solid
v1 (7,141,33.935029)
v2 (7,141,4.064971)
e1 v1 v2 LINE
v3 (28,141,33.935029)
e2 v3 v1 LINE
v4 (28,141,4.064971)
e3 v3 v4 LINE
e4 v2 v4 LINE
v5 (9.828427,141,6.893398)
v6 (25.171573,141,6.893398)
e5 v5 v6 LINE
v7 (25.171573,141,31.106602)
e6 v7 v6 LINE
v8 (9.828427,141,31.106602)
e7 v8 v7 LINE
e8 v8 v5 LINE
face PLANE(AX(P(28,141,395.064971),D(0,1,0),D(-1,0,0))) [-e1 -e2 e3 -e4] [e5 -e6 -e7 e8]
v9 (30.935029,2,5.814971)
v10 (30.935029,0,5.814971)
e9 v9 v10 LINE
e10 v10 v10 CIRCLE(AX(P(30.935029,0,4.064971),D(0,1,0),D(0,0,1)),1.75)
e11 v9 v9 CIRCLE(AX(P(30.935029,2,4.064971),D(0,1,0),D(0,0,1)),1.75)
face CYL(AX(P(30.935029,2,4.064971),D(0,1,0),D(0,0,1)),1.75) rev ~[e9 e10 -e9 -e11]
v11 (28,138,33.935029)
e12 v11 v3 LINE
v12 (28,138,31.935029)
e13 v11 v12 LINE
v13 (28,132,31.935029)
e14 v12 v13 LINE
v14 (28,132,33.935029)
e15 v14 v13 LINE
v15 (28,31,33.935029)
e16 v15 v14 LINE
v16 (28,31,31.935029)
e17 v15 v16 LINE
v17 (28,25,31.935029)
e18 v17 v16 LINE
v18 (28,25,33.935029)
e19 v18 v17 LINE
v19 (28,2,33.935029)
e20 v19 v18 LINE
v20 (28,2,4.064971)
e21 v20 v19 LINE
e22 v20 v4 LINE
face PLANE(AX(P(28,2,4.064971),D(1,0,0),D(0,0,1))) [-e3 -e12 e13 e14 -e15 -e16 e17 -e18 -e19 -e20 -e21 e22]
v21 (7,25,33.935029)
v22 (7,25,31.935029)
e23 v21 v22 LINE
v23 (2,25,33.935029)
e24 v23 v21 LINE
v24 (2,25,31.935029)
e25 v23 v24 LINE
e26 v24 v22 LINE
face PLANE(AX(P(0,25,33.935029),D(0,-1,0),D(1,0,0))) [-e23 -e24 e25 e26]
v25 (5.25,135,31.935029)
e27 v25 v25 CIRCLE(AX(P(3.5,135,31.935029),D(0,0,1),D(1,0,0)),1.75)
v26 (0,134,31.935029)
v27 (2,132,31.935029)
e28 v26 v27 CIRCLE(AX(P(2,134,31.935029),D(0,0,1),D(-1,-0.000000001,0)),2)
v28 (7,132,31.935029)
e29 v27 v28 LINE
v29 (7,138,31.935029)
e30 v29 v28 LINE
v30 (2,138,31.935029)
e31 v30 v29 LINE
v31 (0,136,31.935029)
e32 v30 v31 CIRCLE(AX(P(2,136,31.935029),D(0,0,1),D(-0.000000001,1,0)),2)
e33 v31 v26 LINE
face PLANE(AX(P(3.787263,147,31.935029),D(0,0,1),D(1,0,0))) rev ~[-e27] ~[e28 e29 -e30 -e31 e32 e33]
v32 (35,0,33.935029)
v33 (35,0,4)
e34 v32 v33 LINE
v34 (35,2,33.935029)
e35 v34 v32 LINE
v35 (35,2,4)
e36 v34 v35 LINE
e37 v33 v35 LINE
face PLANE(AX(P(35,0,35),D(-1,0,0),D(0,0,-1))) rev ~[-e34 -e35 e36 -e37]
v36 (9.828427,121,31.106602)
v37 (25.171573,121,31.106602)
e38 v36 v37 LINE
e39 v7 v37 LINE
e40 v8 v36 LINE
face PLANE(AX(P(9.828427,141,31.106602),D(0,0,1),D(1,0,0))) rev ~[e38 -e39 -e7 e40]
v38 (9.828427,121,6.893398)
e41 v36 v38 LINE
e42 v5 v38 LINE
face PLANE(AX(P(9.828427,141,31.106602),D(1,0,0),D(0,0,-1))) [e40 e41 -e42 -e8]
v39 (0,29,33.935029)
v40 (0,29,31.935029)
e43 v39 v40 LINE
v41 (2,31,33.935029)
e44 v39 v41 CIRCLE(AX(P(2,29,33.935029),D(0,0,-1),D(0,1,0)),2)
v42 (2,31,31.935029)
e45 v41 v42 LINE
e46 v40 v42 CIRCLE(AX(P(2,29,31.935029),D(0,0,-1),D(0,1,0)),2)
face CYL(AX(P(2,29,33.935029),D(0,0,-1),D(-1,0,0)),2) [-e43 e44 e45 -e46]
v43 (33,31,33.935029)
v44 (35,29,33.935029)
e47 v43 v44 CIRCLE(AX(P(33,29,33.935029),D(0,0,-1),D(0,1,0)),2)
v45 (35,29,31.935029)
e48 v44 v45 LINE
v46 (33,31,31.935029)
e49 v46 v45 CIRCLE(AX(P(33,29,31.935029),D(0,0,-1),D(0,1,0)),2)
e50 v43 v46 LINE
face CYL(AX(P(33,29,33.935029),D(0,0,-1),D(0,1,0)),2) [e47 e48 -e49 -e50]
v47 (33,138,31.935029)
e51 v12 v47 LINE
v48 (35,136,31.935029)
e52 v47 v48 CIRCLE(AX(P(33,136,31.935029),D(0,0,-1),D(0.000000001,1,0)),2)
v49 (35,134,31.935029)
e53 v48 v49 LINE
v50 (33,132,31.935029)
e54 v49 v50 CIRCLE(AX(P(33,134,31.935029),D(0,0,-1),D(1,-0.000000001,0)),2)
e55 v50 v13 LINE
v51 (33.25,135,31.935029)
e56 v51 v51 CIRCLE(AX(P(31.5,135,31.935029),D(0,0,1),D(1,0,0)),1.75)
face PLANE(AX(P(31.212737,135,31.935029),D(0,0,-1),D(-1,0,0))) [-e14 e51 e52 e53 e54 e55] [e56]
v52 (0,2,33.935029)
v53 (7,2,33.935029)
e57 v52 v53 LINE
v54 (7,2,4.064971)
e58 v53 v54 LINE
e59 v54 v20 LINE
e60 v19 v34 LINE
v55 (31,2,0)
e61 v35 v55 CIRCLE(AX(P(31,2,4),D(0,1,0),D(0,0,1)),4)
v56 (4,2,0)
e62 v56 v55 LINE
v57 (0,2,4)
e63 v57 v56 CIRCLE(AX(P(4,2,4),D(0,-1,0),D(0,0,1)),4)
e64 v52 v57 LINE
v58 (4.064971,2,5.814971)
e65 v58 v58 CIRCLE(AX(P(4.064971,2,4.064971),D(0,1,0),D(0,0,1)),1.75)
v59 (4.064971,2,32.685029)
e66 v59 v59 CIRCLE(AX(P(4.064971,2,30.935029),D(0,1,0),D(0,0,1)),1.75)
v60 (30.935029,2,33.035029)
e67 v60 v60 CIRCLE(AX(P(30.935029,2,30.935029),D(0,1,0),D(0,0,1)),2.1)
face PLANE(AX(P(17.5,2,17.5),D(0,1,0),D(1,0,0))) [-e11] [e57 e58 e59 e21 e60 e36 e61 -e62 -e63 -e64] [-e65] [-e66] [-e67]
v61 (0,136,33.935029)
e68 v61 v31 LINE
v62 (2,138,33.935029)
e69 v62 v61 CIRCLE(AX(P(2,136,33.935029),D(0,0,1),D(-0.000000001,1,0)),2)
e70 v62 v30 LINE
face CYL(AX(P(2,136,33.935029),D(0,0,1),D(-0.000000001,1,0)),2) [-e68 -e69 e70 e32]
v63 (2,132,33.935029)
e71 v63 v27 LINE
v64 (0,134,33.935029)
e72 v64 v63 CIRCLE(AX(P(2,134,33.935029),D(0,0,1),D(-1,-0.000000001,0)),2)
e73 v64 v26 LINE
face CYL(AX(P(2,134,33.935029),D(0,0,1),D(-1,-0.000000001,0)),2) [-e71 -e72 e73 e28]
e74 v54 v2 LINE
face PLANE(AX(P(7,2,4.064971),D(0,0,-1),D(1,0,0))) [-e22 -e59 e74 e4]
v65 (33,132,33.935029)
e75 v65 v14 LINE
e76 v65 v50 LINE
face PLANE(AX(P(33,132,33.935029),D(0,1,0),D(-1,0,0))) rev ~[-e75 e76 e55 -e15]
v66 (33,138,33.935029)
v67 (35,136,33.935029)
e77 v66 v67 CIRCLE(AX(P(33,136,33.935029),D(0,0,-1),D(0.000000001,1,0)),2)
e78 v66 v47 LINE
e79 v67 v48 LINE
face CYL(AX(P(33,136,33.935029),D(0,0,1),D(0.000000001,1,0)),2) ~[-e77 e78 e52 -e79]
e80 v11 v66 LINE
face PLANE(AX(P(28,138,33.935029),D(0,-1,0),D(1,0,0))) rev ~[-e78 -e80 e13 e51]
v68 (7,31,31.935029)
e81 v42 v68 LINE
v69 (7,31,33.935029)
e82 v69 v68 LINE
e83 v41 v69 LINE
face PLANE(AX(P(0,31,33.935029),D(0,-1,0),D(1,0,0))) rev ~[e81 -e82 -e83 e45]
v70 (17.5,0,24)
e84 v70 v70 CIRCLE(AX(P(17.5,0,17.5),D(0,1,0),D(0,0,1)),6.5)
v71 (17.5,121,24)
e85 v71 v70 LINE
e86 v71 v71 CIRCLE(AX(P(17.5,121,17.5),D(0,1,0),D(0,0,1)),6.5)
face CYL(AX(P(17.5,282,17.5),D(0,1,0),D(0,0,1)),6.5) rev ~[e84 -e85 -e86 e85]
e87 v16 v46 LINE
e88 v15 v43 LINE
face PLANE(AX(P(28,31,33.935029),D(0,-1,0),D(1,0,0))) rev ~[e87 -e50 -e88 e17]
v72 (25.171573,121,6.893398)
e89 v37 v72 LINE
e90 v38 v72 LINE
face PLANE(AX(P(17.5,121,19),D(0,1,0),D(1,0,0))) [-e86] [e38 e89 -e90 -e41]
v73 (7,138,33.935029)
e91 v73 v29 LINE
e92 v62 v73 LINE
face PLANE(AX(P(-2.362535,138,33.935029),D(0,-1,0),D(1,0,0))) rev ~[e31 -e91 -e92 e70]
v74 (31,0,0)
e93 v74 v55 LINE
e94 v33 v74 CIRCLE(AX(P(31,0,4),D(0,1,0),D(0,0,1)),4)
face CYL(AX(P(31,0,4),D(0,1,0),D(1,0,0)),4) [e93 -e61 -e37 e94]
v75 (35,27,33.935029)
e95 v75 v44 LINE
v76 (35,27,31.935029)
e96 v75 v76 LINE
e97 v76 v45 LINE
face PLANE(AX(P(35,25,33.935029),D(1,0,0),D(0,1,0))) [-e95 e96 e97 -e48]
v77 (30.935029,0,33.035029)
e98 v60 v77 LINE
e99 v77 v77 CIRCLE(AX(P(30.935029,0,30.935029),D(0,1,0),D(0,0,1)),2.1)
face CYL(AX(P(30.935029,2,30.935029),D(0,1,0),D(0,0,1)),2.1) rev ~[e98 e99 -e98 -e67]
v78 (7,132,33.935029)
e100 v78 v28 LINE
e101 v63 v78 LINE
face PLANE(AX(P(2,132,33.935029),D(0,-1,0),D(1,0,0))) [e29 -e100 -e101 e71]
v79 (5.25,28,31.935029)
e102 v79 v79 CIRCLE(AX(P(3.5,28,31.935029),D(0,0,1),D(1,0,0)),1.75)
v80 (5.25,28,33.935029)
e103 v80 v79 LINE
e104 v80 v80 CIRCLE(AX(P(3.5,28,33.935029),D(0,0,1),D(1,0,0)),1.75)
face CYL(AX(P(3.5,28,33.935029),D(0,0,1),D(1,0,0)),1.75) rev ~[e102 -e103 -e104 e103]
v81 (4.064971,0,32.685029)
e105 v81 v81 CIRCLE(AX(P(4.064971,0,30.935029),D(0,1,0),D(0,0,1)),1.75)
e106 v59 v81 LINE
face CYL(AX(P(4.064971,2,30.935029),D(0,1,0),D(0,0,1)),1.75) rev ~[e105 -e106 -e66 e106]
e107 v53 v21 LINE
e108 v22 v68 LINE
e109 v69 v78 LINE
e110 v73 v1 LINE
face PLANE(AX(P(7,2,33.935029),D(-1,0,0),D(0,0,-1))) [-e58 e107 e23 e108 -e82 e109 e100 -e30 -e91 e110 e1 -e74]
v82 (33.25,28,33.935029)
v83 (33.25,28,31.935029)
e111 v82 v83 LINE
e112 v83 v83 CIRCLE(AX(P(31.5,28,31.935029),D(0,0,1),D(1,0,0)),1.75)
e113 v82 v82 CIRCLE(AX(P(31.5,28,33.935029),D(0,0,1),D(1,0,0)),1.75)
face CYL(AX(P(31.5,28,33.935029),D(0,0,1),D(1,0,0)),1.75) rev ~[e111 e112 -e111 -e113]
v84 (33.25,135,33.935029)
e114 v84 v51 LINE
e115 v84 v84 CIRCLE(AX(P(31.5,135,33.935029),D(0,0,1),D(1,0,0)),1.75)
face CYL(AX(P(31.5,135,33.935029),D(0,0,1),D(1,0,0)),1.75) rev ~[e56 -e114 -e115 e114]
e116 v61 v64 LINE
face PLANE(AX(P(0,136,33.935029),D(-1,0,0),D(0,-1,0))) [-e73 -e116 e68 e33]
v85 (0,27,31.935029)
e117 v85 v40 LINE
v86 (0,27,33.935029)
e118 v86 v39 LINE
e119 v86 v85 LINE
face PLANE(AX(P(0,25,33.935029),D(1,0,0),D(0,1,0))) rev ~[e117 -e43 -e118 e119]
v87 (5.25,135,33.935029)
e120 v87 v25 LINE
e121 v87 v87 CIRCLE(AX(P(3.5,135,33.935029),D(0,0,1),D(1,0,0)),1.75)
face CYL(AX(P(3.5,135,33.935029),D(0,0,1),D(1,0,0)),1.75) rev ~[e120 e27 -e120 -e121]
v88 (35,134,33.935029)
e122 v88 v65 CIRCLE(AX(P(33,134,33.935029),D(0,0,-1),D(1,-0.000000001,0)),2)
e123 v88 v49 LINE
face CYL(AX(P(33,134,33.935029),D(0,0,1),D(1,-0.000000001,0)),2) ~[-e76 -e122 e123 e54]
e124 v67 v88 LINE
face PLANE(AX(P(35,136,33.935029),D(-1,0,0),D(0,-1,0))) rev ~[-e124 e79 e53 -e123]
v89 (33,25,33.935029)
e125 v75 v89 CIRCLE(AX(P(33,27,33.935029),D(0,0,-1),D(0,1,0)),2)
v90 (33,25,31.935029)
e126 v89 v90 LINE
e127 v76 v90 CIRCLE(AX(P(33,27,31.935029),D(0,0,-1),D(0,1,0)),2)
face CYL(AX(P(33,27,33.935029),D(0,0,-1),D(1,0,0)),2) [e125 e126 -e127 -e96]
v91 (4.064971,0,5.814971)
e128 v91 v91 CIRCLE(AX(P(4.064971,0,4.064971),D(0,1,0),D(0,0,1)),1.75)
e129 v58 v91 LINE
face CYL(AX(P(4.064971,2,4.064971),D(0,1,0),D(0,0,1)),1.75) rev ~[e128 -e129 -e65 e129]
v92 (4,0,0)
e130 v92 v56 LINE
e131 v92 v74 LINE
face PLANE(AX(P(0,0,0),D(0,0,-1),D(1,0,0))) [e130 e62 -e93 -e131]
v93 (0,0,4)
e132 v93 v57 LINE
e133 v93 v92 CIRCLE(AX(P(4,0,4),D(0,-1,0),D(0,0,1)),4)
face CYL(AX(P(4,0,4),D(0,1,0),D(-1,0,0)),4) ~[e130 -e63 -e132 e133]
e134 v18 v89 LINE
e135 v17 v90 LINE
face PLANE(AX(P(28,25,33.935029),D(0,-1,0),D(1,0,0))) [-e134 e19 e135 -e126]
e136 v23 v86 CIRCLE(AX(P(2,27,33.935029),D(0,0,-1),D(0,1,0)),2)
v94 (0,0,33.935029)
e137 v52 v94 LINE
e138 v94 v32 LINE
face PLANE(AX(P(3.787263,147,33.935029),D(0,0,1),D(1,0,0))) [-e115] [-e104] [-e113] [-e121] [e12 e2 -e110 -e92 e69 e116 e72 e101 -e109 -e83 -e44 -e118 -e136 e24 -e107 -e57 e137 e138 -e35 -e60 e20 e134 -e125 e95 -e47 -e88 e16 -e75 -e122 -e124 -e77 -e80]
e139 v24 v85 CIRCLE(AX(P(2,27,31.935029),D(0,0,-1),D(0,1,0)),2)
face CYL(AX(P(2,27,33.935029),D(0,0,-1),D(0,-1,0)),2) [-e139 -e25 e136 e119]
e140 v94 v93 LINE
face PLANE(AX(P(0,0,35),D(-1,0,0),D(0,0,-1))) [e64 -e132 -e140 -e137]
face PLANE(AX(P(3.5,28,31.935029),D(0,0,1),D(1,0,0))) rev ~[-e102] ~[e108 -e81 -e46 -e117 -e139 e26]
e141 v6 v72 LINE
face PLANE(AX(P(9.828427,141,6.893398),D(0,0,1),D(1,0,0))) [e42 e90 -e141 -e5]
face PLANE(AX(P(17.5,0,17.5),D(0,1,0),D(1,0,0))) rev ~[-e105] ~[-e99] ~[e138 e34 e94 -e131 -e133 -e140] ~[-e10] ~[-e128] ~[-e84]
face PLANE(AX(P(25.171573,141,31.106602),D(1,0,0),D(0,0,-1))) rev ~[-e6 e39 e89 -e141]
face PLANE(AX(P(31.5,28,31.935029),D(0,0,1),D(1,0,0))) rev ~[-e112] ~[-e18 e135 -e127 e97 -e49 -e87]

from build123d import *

# Parameters (mm, degrees)
ESQUISSE1_W                  = 35
ESQUISSE1_H                  = 35
BOSS_EXTRU_1_DEPTH           = 2
ESQUISSE2_R                  = 1.75
ESQUISSE2_W                  = 35
ESQUISSE2_H                  = 1.064971157
ENL_V_MAT_EXTRU_1_DEPTH      = 2
BOSS_EXTRU_2_DEPTH           = 280
ESQUISSE5_W                  = 7
ESQUISSE5_H                  = 6
ESQUISSE5_R                  = 1.75
BOSS_EXTRU_3_DEPTH           = 2
ESQUISSE6_R                  = 1.75
BOSS_EXTRU_4_DEPTH           = 2
ESQUISSE10_W                 = 35
ESQUISSE10_H                 = 33.935028843
ESQUISSE10_R                 = 1.75
BOSS_EXTRU_5_DEPTH           = 2
ESQUISSE15_R                 = 6.5
ESQUISSE15_R_2               = 1.75
ENL_V_MAT_EXTRU_2_DEPTH      = 373
CONG_1_R                     = 2
CONG_2_R                     = 4
ESQUISSE17_R                 = 1.75
BOSS_EXTRU_6_DEPTH           = 2
ENL_V_MAT_EXTRU_3_DEPTH      = 2
ENL_V_MAT_EXTRU_4_DEPTH      = 279
ENL_V_MAT_EXTRU_4_DEPTH_BACK = 391
ESQUISSE20_W                 = 15.34314575
ESQUISSE20_H                 = 24.213203648
ENL_V_MAT_EXTRU_5_DEPTH      = 20
ESQUISSE23_R                 = 2.1
ENL_V_MAT_EXTRU_6_DEPTH      = 10


with BuildPart() as part:
    # Esquisse1 → Boss.-Extru.1 (new body)
    with BuildSketch(Plane(origin=(0, 0, 0), x_dir=(1, 0, 0), z_dir=(0, 1, 0))):
        with Locations((17.5, -17.5)):
            Rectangle(ESQUISSE1_W, ESQUISSE1_H)
    extrude(amount=BOSS_EXTRU_1_DEPTH)

    # Esquisse2 → Enlèv. mat.-Extru.1 (cut)
    with BuildSketch(Plane(origin=(0, 2, 0), x_dir=(1, 0, 0), z_dir=(0, 1, 0))):
        with Locations(Location((30.935029054, -4.064971369, 0), (0, 0, 270))):
            Circle(ESQUISSE2_R)
        with Locations(Location((30.935028843, -30.935028843, 0), (0, 0, 270))):
            Circle(ESQUISSE2_R)
        with Locations(Location((4.064971369, -4.064970946, 0), (0, 0, 270))):
            Circle(ESQUISSE2_R)
        with Locations(Location((4.064971157, -30.935028843, 0), (0, 0, 270))):
            Circle(ESQUISSE2_R)
        with Locations((17.5, -34.467514421)):
            Rectangle(ESQUISSE2_W, ESQUISSE2_H)
    extrude(amount=-ENL_V_MAT_EXTRU_1_DEPTH, mode=Mode.SUBTRACT)

    # Esquisse4 → Boss.-Extru.2 (add)
    with BuildSketch(Plane(origin=(0, 2, 0), x_dir=(1, 0, 0), z_dir=(0, 1, 0))):
        Polygon((17.5, -33.935028843), (7, -33.935028843), (7, -4.064970946), (28, -4.064970946), (28, -33.935028843), align=None)
    extrude(amount=BOSS_EXTRU_2_DEPTH)

    # Esquisse5 → Boss.-Extru.3 (add)
    # profile 1 of 4: a face of its own
    with BuildSketch(Plane.XY.offset(33.935028843)):
        with Locations((31.5, 254)):
            Rectangle(ESQUISSE5_W, ESQUISSE5_H)
        with Locations((31.5, 254)):
            Circle(ESQUISSE5_R, mode=Mode.SUBTRACT)
    # profile 2 of 4: a face of its own
    with BuildSketch(Plane.XY.offset(33.935028843)):
        with Locations((3.5, 254)):
            Rectangle(ESQUISSE5_W, ESQUISSE5_H)
        with Locations((3.5, 254)):
            Circle(ESQUISSE5_R, mode=Mode.SUBTRACT)
    # profile 3 of 4: a face of its own
    with BuildSketch(Plane.XY.offset(33.935028843)):
        with Locations((31.5, 28)):
            Rectangle(ESQUISSE5_W, ESQUISSE5_H)
        with Locations((31.5, 28)):
            Circle(ESQUISSE5_R, mode=Mode.SUBTRACT)
    # profile 4 of 4: a face of its own
    with BuildSketch(Plane.XY.offset(33.935028843)):
        with Locations((3.5, 28)):
            Rectangle(ESQUISSE5_W, ESQUISSE5_H)
        with Locations((3.5, 28)):
            Circle(ESQUISSE5_R, mode=Mode.SUBTRACT)
    extrude(amount=-BOSS_EXTRU_3_DEPTH)

    # Esquisse6 → Boss.-Extru.4 (add)
    # profile 1 of 2: a face of its own
    with BuildSketch(Plane.XY.offset(33.935028843)):
        Polygon((7, 144), (0, 144), (0, 141), (0, 138), (7, 138), (7, 141), align=None)
        with Locations((3.5, 141)):
            Circle(ESQUISSE6_R, mode=Mode.SUBTRACT)
    # profile 2 of 2: a face of its own
    with BuildSketch(Plane.XY.offset(33.935028843)):
        Polygon((35, 144), (28, 144), (28, 141), (28, 138), (35, 138), (35, 141), align=None)
        with Locations((31.5, 141)):
            Circle(ESQUISSE6_R, mode=Mode.SUBTRACT)
    extrude(amount=-BOSS_EXTRU_4_DEPTH)

    # Esquisse10 → Boss.-Extru.5 (add)
    with BuildSketch(Plane(origin=(0, 282, 0), x_dir=(1, 0, 0), z_dir=(0, 1, 0))):
        with Locations((17.5, -16.967514422)):
            Rectangle(ESQUISSE10_W, ESQUISSE10_H)
        with Locations(Location((30.935028843, -30.935028843, 0), (0, 0, 270))):
            Circle(ESQUISSE10_R, mode=Mode.SUBTRACT)
        with Locations(Location((30.935028631, -4.064970946, 0), (0, 0, 270.000013863))):
            Circle(ESQUISSE10_R, mode=Mode.SUBTRACT)
        with Locations(Location((4.064970946, -4.064971369, 0), (0, 0, 270.000013863))):
            Circle(ESQUISSE10_R, mode=Mode.SUBTRACT)
        with Locations(Location((4.064971157, -30.935028843, 0), (0, 0, 270))):
            Circle(ESQUISSE10_R, mode=Mode.SUBTRACT)
    extrude(amount=-BOSS_EXTRU_5_DEPTH)

    # Esquisse15 → Enlèv. mat.-Extru.2 (cut)
    with BuildSketch(Plane(origin=(0, 282, 0), x_dir=(1, 0, 0), z_dir=(0, 1, 0))):
        with Locations(Location((17.5, -17.5, 0), (0, 0, 270))):
            Circle(ESQUISSE15_R)
        with Locations(Location((30.935029054, -4.064971369, 0), (0, 0, 270))):
            Circle(ESQUISSE15_R_2)
    extrude(amount=-ENL_V_MAT_EXTRU_2_DEPTH, mode=Mode.SUBTRACT)

    # Congé1
    cong_1_edges = [part.edges().sort_by_distance(p)[0] for p in [
        (0, 31, 32.935028843),
        (0, 25, 32.935028843),
        (0, 144, 32.935028843),
        (0, 138, 32.935028843),
        (35, 144, 32.935028843),
        (35, 138, 32.935028843),
        (35, 257, 32.935028843),
        (35, 251, 32.935028843),
        (0, 251, 32.935028843),
        (0, 257, 32.935028843),
        (35, 31, 32.935028843),
        (35, 25, 32.935028843),
    ]]
    fillet(cong_1_edges, radius=CONG_1_R)

    # Congé2
    cong_2_edges = [part.edges().sort_by_distance(p)[0] for p in [
        (35, 281, 0),
        (0, 281, 0),
        (0, 1, 0),
        (35, 1, 0),
    ]]
    fillet(cong_2_edges, radius=CONG_2_R)

    # Esquisse17 → Boss.-Extru.6 (add)
    # profile 1 of 4: a face of its own
    with BuildSketch(Plane.XY.offset(33.935028843)):
        with BuildLine():
            Line((0, 148), (0, 146))
            ThreePointArc((0, 146), (0.585786438, 144.585786438), (2, 144))
            Line((2, 144), (7, 144))
            Line((7, 144), (7, 150))
            Line((7, 150), (2, 150))
            ThreePointArc((2, 150), (0.585786438, 149.414213562), (0, 148))
        make_face()
        with Locations((3.5, 147)):
            Circle(ESQUISSE17_R, mode=Mode.SUBTRACT)
    # profile 2 of 4: a face of its own
    with BuildSketch(Plane.XY.offset(33.935028843)):
        with BuildLine():
            Line((0, 136), (0, 134))
            ThreePointArc((0, 134), (0.585786438, 132.585786438), (2, 132))
            Line((2, 132), (7, 132))
            Line((7, 132), (7, 138))
            Line((7, 138), (2, 138))
            ThreePointArc((2, 138), (0.585786438, 137.414213562), (0, 136))
        make_face()
        with Locations((3.5, 135)):
            Circle(ESQUISSE17_R, mode=Mode.SUBTRACT)
    # profile 3 of 4: a face of its own
    with BuildSketch(Plane.XY.offset(33.935028843)):
        with BuildLine():
            ThreePointArc((35, 134), (34.414213562, 132.585786438), (33, 132))
            Line((33, 132), (28, 132))
            Line((28, 132), (28, 138))
            Line((28, 138), (33, 138))
            ThreePointArc((33, 138), (34.414213562, 137.414213562), (35, 136))
            Line((35, 136), (35, 134))
        make_face()
        with Locations((31.5, 135)):
            Circle(ESQUISSE17_R, mode=Mode.SUBTRACT)
    # profile 4 of 4: a face of its own
    with BuildSketch(Plane.XY.offset(33.935028843)):
        with BuildLine():
            ThreePointArc((35, 146), (34.414213562, 144.585786438), (33, 144))
            Line((33, 144), (28, 144))
            Line((28, 144), (28, 150))
            Line((28, 150), (33, 150))
            ThreePointArc((33, 150), (34.414213562, 149.414213562), (35, 148))
            Line((35, 148), (35, 146))
        make_face()
        with Locations((31.5, 147)):
            Circle(ESQUISSE17_R, mode=Mode.SUBTRACT)
    extrude(amount=-BOSS_EXTRU_6_DEPTH)

    # Esquisse18 → Enlèv. mat.-Extru.3 (cut)
    with BuildSketch(Plane.XY.offset(33.935028843)):
        Polygon((2, 138), (7, 138), (7, 144), (2, 144), (-2.362534847, 144), (-2.362534847, 138), align=None)
        Polygon((37.362534847, 138), (33, 138), (28, 138), (28, 144), (33, 144), (37.362534847, 144), align=None)
    extrude(amount=-ENL_V_MAT_EXTRU_3_DEPTH, mode=Mode.SUBTRACT)

    # Esquisse19 → Enlèv. mat.-Extru.4 (cut, two sides: drawn at the far end of the back side and taken through both)
    with BuildSketch(Plane(origin=(0, 0, 4.064970946), x_dir=(-1, 0, 0), z_dir=(0, 0, -1)).offset(-ENL_V_MAT_EXTRU_4_DEPTH_BACK)):
        Polygon((-28, 141), (-7, 141), (34.536866168, 141), (34.536866168, 293.648195663), (-77.45188643, 293.648195663), (-77.45188643, 143.905659046), align=None)
    extrude(amount=ENL_V_MAT_EXTRU_4_DEPTH + ENL_V_MAT_EXTRU_4_DEPTH_BACK, mode=Mode.SUBTRACT)

    # Esquisse20 → Enlèv. mat.-Extru.5 (cut)
    with BuildSketch(Plane(origin=(0, 141, 0), x_dir=(1, 0, 0), z_dir=(0, 1, 0))):
        with Locations((17.5, -18.999999894)):
            Rectangle(ESQUISSE20_W, ESQUISSE20_H)
    extrude(amount=-ENL_V_MAT_EXTRU_5_DEPTH, mode=Mode.SUBTRACT)

    # Esquisse23 → Enlèv. mat.-Extru.6 (cut)
    with BuildSketch(Plane(origin=(0, 2, 0), x_dir=(1, 0, 0), z_dir=(0, 1, 0))):
        with Locations(Location((30.935028843, -30.935028843, 0), (0, 0, 270))):
            Circle(ESQUISSE23_R)
    extrude(amount=-ENL_V_MAT_EXTRU_6_DEPTH, mode=Mode.SUBTRACT)


solid = part.part
